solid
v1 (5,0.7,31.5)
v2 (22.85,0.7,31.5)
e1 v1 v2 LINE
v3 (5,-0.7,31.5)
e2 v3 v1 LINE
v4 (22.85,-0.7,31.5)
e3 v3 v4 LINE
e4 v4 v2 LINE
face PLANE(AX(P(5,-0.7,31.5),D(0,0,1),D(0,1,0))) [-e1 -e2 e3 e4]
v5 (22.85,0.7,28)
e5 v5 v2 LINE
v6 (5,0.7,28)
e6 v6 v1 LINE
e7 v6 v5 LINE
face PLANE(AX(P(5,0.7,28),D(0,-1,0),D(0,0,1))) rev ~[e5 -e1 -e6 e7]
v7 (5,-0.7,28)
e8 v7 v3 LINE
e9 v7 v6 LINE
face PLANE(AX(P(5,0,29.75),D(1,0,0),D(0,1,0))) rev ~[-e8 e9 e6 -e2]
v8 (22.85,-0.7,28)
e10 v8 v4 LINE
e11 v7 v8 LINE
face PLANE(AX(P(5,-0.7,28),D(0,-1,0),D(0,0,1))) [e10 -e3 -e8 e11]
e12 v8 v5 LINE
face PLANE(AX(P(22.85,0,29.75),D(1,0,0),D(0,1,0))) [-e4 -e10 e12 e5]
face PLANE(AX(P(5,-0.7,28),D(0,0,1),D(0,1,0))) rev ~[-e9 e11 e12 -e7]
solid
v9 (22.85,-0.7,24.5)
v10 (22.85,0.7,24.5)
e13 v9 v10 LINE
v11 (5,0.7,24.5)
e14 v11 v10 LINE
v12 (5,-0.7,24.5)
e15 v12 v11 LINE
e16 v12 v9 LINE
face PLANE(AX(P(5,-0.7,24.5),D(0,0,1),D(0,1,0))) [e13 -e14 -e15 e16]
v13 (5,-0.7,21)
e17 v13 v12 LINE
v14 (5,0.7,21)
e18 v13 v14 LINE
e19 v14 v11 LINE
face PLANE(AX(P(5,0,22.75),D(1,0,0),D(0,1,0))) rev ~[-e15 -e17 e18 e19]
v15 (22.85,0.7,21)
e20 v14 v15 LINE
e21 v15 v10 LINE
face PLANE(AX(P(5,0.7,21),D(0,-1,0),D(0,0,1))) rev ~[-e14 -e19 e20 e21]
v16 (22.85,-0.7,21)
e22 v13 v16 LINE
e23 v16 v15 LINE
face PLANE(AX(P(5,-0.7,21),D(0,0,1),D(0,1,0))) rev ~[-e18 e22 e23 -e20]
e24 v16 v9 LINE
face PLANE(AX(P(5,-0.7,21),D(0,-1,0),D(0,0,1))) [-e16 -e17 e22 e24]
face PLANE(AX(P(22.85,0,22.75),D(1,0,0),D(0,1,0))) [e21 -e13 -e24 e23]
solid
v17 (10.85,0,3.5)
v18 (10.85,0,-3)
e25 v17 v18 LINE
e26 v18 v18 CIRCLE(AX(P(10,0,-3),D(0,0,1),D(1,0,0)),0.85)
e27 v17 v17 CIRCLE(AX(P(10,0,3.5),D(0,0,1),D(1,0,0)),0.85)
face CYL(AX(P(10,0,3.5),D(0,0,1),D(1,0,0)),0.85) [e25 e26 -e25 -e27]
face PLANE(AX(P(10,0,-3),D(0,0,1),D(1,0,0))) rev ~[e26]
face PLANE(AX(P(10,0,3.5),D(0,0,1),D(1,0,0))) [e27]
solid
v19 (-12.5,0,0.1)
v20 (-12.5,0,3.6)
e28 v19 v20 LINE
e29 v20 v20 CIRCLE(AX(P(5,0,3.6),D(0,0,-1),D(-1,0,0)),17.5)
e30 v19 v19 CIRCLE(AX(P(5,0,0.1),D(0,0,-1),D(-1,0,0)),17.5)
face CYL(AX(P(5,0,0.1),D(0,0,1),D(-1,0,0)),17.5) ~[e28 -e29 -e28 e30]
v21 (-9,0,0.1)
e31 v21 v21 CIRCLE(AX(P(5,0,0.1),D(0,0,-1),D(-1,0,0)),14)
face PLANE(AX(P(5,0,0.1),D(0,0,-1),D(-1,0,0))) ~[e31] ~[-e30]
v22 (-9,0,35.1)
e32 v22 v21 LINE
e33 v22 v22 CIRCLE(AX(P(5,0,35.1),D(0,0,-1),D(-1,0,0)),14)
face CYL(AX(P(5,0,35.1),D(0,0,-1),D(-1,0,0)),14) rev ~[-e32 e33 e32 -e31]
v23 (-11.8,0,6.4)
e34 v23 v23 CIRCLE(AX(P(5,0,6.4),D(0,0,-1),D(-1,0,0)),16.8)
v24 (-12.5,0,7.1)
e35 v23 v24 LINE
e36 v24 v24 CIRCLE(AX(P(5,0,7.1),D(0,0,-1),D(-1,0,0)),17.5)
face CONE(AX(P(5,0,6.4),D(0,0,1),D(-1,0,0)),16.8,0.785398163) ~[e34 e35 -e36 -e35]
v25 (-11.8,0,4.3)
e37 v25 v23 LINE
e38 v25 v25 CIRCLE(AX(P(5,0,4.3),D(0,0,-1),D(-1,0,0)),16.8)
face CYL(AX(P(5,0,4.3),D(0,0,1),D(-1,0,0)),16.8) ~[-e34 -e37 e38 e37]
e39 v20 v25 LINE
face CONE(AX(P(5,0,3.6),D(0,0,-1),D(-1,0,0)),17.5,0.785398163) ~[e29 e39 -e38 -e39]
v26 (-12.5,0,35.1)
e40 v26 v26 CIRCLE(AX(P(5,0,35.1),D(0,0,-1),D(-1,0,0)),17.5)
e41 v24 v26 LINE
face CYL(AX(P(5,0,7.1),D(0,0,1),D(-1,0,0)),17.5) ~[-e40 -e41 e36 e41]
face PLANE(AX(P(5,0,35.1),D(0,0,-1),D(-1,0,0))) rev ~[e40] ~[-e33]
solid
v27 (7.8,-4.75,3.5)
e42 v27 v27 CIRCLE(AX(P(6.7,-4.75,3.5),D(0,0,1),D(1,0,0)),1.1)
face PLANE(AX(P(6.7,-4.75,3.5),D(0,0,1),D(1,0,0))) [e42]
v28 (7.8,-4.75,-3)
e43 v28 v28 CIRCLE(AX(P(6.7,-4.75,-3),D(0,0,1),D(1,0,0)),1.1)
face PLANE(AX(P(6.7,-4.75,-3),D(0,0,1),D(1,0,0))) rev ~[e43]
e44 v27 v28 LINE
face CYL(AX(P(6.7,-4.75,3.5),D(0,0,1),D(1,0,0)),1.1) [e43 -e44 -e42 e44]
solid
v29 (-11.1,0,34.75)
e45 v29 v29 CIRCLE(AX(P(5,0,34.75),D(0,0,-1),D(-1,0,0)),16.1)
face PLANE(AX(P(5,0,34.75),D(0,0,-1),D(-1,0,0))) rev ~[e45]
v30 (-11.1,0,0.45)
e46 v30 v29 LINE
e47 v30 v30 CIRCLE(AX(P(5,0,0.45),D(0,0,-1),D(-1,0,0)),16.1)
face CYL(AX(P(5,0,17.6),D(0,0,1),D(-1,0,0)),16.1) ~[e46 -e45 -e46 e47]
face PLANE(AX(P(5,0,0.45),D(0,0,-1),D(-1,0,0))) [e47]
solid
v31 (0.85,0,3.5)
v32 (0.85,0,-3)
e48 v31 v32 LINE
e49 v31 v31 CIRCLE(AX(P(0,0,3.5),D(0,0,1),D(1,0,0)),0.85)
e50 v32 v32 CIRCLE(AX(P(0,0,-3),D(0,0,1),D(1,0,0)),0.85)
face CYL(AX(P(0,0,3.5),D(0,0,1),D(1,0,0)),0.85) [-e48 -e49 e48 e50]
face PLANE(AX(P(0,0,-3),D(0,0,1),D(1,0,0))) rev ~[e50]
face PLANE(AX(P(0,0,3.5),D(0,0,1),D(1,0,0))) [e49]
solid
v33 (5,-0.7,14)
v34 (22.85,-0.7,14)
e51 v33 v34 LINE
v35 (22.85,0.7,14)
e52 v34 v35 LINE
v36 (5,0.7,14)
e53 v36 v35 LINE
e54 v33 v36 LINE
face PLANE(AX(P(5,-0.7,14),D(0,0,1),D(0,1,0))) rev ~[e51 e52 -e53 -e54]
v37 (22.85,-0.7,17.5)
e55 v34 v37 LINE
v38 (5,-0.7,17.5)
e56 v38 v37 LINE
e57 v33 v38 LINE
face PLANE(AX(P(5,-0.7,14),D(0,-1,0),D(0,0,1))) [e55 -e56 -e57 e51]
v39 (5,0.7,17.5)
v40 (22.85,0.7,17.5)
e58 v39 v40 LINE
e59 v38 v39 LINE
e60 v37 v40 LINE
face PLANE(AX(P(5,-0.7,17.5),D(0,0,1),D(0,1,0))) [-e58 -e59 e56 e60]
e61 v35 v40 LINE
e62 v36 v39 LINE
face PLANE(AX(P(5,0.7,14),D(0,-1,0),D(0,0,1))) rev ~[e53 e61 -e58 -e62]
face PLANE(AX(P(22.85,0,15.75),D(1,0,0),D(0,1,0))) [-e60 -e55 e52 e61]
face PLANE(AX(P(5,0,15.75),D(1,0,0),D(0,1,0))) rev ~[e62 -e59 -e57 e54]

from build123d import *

# Parameters (mm, degrees)
SKETCH002_W   = 16.1
SKETCH002_H   = 34.3
SKETCH003_R   = 0.85
SKETCH003_R_2 = 1.1
PAD_DEPTH     = 6.5
SKETCH004_W   = 1.4
SKETCH004_H   = 3.5
PAD001_DEPTH  = 17.85


with BuildPart() as revolution:
    # Sketch → Revolution (revolve)
    with BuildSketch(Plane.XZ):
        Polygon((-12.5, 0.1), (-12.5, 3.6), (-11.8, 4.3), (-11.8, 6.4), (-12.5, 7.1), (-12.5, 35.1), (-9, 35.1), (-9, 0.1), align=None)
    revolve(axis=Axis((5, 0, 7.548619), (0, 0, -1)))


with BuildPart() as revolution001:
    # Sketch002 → Revolution001 (revolve)
    with BuildSketch(Plane.XZ):
        with Locations((-3.05, 17.6)):
            Rectangle(SKETCH002_W, SKETCH002_H)
    revolve(axis=Axis((5, 0, 4.680116), (0, 0, -1)))


with BuildPart() as pad:
    # Sketch003 → Pad (new body)
    with BuildSketch(Plane.XY.offset(3.5)):
        Circle(SKETCH003_R)
        with Locations((10, 0)):
            Circle(SKETCH003_R)
        with Locations((6.7, -4.75)):
            Circle(SKETCH003_R_2)
    extrude(amount=-PAD_DEPTH)


with BuildPart() as pad001:
    # Sketch004 → Pad001 (new body)
    with BuildSketch(Plane.YZ.offset(5)):
        with Locations((0, 15.75)):
            Rectangle(SKETCH004_W, SKETCH004_H)
        with Locations((0, 22.75)):
            Rectangle(SKETCH004_W, SKETCH004_H)
        with Locations((0, 29.75)):
            Rectangle(SKETCH004_W, SKETCH004_H)
    extrude(amount=PAD001_DEPTH)


solid = Compound([revolution.part, revolution001.part, pad.part, pad001.part])
